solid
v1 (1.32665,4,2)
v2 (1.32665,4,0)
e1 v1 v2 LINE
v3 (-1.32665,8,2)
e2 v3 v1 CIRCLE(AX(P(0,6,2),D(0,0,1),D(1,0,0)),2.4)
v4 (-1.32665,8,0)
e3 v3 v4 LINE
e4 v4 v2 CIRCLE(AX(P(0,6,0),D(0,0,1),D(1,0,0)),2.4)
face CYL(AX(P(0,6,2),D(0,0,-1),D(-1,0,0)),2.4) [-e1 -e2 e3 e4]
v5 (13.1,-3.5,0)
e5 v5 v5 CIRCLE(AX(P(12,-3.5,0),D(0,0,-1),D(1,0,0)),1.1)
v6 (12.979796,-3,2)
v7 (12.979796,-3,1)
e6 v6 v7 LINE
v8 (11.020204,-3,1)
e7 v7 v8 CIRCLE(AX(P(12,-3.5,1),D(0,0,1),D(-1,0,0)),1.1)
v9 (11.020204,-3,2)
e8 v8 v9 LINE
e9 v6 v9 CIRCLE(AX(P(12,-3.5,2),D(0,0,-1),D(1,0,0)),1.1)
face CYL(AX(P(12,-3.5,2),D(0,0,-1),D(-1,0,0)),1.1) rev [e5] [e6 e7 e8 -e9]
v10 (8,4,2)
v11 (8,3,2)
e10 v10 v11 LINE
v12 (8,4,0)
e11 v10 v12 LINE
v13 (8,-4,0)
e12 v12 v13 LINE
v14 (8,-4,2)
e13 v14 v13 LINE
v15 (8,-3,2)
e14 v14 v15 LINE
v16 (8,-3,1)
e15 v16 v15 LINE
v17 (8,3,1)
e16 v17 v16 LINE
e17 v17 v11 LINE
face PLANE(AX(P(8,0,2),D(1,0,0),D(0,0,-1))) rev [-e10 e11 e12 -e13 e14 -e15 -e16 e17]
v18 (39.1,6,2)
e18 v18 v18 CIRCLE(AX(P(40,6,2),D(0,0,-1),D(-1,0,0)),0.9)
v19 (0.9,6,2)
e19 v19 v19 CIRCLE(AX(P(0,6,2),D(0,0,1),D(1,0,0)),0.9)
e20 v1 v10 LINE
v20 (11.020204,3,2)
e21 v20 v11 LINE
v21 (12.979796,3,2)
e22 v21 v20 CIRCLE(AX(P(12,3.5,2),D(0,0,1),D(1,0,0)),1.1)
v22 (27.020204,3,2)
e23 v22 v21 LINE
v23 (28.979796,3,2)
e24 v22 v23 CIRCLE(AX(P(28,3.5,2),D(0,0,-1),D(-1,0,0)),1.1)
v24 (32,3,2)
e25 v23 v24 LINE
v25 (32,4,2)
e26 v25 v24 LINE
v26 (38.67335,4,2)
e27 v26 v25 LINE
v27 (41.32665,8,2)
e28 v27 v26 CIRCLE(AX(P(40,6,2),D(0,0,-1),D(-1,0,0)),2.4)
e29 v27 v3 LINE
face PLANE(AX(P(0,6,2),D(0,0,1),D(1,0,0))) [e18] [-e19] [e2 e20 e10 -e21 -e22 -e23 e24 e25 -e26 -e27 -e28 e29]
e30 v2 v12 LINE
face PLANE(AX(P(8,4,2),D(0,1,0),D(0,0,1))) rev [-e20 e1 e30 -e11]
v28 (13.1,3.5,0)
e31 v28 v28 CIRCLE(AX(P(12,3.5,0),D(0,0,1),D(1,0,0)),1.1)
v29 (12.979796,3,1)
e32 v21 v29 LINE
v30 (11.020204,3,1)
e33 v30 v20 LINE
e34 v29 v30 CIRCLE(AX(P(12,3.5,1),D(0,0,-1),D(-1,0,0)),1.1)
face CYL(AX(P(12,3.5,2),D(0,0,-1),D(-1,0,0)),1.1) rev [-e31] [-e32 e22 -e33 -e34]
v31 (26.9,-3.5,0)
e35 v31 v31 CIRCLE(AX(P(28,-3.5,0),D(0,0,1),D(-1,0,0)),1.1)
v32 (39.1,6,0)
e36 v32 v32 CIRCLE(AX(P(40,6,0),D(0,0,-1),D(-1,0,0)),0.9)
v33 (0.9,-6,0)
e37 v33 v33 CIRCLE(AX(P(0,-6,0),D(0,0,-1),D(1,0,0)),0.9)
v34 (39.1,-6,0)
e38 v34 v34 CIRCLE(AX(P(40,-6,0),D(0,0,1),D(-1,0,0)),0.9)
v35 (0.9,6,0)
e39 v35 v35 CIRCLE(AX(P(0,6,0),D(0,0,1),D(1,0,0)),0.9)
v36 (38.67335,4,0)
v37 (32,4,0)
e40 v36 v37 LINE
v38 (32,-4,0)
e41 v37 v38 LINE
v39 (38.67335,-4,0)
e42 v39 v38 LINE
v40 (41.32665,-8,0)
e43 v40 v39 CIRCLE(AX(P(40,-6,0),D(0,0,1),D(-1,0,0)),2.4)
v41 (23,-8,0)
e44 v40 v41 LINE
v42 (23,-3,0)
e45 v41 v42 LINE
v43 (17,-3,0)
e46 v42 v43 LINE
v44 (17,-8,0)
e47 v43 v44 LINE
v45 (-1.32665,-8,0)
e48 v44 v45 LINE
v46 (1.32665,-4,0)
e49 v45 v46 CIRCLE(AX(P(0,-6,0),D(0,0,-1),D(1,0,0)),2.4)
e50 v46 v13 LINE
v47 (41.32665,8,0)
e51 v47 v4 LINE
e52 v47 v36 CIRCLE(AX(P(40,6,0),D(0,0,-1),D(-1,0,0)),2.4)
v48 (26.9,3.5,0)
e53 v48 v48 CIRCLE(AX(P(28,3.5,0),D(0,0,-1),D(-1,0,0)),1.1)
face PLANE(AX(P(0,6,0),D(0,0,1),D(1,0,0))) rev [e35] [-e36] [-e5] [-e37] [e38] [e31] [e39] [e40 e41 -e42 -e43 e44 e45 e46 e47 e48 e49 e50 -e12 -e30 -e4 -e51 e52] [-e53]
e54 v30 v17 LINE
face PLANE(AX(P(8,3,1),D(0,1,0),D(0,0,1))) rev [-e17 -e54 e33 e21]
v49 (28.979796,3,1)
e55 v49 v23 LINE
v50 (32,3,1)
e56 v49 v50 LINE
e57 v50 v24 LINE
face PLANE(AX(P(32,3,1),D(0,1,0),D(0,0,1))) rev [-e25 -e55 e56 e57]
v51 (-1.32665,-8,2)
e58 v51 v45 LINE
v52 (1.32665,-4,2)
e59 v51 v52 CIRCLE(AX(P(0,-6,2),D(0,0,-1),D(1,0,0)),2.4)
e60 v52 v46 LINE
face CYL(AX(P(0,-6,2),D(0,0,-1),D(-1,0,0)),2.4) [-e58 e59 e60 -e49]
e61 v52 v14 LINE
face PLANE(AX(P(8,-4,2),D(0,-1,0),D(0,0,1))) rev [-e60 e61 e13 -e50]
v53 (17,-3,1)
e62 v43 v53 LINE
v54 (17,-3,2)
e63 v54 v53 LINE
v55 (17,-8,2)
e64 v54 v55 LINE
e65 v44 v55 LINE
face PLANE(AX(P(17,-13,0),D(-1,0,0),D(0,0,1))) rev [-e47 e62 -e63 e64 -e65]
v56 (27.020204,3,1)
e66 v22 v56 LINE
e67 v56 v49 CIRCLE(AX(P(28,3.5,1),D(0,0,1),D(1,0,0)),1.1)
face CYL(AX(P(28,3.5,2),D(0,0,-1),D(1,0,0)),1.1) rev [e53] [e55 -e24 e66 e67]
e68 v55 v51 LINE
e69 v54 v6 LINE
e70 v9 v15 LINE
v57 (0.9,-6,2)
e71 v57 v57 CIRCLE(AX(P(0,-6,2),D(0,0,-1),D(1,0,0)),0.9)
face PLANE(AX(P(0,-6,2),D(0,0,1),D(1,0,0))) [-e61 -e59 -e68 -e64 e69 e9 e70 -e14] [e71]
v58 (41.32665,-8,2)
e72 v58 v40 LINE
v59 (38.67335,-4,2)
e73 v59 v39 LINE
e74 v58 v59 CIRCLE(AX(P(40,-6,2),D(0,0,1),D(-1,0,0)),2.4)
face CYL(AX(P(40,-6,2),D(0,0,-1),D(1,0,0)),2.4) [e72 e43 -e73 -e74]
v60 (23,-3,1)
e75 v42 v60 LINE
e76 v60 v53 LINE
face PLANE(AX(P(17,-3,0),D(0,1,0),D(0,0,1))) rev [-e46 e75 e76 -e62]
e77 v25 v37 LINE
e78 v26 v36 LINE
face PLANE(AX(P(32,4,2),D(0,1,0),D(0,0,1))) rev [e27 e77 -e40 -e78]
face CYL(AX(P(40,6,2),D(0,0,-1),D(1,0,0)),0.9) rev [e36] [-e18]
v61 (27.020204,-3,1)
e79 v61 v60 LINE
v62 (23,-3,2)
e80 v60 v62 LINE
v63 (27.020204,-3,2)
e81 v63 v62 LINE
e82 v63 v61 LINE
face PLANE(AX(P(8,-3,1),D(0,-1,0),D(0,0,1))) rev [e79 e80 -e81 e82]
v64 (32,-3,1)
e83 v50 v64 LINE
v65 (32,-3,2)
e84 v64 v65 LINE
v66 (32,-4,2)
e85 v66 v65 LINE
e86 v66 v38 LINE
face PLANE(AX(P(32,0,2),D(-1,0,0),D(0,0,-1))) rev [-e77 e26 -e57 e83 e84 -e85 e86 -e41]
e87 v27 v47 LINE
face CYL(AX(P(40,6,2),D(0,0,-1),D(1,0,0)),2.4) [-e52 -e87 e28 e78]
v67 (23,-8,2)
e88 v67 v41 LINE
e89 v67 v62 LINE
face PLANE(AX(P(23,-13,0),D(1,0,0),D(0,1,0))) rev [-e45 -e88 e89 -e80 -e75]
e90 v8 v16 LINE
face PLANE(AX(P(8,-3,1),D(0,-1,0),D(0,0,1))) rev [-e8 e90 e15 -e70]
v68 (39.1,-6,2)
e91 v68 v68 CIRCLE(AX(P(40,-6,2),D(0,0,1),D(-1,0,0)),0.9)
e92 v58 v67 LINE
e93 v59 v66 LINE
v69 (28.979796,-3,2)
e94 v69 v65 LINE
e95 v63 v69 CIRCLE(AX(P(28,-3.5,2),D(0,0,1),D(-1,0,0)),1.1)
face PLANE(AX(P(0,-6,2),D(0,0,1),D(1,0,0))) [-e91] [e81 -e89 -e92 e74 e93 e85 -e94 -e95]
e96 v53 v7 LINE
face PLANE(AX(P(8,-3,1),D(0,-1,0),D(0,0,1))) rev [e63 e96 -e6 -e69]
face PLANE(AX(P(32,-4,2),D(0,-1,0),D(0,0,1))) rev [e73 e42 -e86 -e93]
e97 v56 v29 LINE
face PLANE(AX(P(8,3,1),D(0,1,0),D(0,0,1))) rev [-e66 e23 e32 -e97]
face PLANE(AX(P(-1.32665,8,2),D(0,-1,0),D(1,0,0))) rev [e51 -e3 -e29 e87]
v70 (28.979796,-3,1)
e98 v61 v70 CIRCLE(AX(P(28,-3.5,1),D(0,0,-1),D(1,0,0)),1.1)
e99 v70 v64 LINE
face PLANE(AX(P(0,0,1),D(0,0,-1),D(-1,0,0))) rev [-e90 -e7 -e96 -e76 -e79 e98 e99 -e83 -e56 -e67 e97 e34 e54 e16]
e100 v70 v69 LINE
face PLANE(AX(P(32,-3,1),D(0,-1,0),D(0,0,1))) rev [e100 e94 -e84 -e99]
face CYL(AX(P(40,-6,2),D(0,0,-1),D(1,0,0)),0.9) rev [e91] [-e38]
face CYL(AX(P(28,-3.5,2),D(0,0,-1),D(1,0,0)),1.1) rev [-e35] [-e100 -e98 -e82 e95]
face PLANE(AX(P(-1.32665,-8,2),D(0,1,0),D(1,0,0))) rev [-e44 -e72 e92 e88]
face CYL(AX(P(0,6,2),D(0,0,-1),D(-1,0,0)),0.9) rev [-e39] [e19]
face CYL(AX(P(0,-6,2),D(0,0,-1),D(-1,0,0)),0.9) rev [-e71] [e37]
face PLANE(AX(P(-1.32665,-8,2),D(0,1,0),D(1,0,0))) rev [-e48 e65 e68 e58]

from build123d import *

# Parameters (mm, degrees)
CROQUIS1_R              = 0.9
CROQUIS1_R_2            = 1.1
SALIENTE_EXTRUIR1_DEPTH = 2
CROQUIS2_W              = 12
CROQUIS2_H              = 3
CORTAR_EXTRUIR1_DEPTH   = 1
CROQUIS3_W              = 6
CROQUIS3_H              = 10
CORTAR_EXTRUIR2_DEPTH   = 44.194444087


with BuildPart() as part:
    # Croquis1 → Saliente-Extruir1 (new body)
    with BuildSketch(Plane.XY):
        with BuildLine():
            Line((-1.326649916, 8), (20, 8))
            Line((20, 8), (20, 0))
            Line((20, 0), (8, 0))
            Line((8, 0), (8, 4))
            Line((8, 4), (1.326649916, 4))
            ThreePointArc((1.326649916, 4), (-2, 4.673350084), (-1.326649916, 8))
        make_face()
        with Locations((0, 6)):
            Circle(CROQUIS1_R, mode=Mode.SUBTRACT)
        with Locations((12, 3.5)):
            Circle(CROQUIS1_R_2, mode=Mode.SUBTRACT)
    extrude(amount=SALIENTE_EXTRUIR1_DEPTH)

    # Croquis2 → Cortar-Extruir1 (cut)
    with BuildSketch(Plane.XY.offset(2)):
        with Locations((14, 1.5)):
            Rectangle(CROQUIS2_W, CROQUIS2_H)
    extrude(amount=-CORTAR_EXTRUIR1_DEPTH, mode=Mode.SUBTRACT)

    # Simetría1: part across plane


with BuildPart() as part_1:
    add(part.part)
    add(part.part.mirror(Plane(origin=(20, 0, 2), x_dir=(0, 0, 1), z_dir=(0, 1, 0))))

    # Simetría2: part across plane


with BuildPart() as part_2:
    add(part_1.part)
    add(part_1.part.mirror(Plane(origin=(20, 8, 2), x_dir=(0, 0, 1), z_dir=(-1, 0, 0))))

    # Croquis3 → Cortar-Extruir2 (cut, through all)
    with BuildSketch(Plane.XY.offset(2)):
        with Locations((20, -8)):
            Rectangle(CROQUIS3_W, CROQUIS3_H)
    extrude(amount=-CORTAR_EXTRUIR2_DEPTH, mode=Mode.SUBTRACT)


solid = part_2.part
